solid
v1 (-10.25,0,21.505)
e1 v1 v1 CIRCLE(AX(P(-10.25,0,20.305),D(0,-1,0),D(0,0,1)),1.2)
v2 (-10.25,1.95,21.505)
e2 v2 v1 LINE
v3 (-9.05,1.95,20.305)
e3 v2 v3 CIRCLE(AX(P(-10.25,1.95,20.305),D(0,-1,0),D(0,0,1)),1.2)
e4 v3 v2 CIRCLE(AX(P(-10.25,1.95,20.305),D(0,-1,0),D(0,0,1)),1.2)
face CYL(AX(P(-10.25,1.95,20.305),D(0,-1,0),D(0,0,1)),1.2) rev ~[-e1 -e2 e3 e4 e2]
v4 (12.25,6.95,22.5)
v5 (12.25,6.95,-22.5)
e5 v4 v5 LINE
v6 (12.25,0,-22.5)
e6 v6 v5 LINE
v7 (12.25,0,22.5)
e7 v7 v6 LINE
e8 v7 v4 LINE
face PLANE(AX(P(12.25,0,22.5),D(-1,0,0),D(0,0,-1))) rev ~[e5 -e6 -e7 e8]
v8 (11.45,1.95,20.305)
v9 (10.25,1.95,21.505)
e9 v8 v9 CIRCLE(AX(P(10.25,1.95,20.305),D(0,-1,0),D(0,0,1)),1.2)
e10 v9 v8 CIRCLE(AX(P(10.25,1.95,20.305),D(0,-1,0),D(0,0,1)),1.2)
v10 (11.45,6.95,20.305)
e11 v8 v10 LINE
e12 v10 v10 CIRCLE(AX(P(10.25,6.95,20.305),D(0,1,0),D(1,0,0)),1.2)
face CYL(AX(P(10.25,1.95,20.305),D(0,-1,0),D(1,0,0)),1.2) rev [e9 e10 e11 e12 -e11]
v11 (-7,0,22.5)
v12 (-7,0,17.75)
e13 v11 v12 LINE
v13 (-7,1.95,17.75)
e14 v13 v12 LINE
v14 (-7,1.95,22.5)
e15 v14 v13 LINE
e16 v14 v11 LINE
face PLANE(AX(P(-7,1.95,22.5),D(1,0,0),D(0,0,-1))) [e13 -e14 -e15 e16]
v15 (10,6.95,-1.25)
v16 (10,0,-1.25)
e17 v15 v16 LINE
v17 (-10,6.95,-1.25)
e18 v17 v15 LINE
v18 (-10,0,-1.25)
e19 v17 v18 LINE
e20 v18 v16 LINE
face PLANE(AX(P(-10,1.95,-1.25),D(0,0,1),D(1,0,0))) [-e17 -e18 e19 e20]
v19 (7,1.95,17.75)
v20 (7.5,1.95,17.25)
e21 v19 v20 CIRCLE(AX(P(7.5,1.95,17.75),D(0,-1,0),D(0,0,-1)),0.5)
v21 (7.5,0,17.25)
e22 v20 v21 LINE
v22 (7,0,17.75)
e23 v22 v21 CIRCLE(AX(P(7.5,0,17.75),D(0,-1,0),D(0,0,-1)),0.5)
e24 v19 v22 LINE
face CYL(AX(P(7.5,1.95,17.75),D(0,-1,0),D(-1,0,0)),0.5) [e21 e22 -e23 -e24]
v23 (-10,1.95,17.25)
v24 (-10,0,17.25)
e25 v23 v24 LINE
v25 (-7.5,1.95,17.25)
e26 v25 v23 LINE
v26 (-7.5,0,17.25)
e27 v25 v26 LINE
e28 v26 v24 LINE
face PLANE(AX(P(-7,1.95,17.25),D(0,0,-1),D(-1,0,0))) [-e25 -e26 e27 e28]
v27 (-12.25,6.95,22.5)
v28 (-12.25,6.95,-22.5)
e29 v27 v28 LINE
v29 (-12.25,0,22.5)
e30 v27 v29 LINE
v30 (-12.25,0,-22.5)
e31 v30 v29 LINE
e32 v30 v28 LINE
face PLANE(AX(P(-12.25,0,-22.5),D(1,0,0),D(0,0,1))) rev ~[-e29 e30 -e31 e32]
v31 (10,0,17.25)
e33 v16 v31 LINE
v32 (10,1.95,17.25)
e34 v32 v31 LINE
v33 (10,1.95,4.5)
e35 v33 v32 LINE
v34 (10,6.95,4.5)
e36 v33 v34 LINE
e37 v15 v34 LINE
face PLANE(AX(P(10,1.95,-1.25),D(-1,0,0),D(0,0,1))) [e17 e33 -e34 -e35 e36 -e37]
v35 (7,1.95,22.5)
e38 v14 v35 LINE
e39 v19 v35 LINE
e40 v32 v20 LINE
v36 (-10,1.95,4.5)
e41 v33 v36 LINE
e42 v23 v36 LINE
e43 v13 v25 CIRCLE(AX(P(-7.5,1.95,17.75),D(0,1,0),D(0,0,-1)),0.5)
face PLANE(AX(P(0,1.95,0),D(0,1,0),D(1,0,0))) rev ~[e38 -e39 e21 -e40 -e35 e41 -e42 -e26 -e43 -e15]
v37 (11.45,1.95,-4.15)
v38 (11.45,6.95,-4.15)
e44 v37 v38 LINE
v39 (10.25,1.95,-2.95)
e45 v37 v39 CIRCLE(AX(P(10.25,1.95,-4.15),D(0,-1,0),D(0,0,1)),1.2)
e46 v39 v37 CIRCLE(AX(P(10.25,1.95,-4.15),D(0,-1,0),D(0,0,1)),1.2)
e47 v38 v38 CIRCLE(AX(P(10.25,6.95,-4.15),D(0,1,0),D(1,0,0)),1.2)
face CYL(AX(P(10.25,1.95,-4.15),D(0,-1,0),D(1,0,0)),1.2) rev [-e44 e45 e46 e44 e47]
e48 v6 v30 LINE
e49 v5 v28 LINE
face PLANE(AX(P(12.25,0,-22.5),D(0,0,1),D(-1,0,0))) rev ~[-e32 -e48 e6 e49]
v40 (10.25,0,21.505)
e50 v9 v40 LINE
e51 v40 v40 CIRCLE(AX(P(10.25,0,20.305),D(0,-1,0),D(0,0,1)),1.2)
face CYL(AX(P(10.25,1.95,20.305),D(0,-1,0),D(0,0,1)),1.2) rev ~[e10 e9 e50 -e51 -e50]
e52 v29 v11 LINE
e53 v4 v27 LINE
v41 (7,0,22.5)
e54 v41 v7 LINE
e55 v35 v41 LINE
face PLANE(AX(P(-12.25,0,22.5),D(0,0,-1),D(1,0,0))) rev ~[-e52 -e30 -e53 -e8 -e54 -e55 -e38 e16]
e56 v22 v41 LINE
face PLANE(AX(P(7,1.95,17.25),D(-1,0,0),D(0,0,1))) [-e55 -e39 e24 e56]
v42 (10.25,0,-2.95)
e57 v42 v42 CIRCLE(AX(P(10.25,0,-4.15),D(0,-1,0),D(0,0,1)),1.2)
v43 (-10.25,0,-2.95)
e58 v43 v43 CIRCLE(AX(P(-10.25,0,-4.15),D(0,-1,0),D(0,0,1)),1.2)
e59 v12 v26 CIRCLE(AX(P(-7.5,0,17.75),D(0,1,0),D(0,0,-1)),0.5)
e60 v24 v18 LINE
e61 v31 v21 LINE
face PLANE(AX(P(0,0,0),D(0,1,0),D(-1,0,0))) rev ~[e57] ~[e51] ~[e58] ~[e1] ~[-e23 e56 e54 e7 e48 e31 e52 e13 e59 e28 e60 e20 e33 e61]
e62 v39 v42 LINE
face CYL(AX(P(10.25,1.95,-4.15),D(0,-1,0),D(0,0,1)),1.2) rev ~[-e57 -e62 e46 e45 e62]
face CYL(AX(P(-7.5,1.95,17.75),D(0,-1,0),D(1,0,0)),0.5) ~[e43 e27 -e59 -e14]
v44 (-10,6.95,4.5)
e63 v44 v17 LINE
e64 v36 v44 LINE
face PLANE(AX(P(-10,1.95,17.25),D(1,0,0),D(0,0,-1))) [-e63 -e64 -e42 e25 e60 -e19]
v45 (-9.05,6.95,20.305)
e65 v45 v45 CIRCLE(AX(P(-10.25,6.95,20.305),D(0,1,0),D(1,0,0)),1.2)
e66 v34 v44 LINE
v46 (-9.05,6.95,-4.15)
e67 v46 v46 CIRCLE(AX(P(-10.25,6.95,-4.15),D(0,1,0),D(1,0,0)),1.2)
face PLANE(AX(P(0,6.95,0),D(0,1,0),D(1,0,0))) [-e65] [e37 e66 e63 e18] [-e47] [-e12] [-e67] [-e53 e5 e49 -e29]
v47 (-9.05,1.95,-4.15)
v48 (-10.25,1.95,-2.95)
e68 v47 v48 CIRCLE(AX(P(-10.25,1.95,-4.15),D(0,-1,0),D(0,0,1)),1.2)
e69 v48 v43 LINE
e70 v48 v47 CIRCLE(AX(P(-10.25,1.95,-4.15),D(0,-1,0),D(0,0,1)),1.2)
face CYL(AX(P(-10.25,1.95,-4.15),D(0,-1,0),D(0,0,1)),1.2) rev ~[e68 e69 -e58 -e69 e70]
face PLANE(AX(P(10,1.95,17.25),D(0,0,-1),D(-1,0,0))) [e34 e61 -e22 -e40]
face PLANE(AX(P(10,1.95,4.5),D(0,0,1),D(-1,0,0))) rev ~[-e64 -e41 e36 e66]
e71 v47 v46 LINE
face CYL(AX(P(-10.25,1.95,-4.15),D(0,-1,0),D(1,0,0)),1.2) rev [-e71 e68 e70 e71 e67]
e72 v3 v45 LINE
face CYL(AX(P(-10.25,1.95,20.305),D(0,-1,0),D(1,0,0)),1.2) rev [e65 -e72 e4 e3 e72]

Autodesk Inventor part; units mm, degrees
ref_plane "YZ Plane" through (0, 0, 0) normal (1, 0, 0) x (0, 1, 0)
ref_plane "XZ Plane" through (0, 0, 0) normal (0, 1, 0) x (-1, 0, 0)
ref_plane "XY Plane" through (0, 0, 0) normal (0, 0, 1) x (1, 0, 0)
sketch "Sketch1" plane through (0, 0, 0) normal (0, 1, 0) x (-1, 0, 0)
  line L0 (12.25, 22.5) -> (-12.25, 22.5)
  line L1 (-12.25, 22.5) -> (-12.25, -22.5)
  line L2 (-12.25, -22.5) -> (12.25, -22.5)
  line L3 (12.25, -22.5) -> (12.25, 22.5)
  point P0 (0, 0)
  point P1 (12.25, 0)
  point P2 (0, 22.5)
  dimension "d0" = 24.5
  dimension "d1" = 45
extrude "Extrusion1" add sketch "Sketch1" along normal blind 1.95
sketch "Sketch2" plane through (0, 1.95, 0) normal (0, 1, 0) x (1, 0, 0)
  line L0 (-10, 1.25) -> (10, 1.25)
  line L1 (10, 1.25) -> (10, -17.25)
  line L2 (10, -17.25) -> (-10, -17.25)
  line L3 (-10, -17.25) -> (-10, 1.25)
  line L4 (-12.25, -22.5) -> (12.25, -22.5) projected
  line L5 (12.25, -22.5) -> (12.25, 22.5) projected
  line L6 (12.25, 22.5) -> (-12.25, 22.5) projected
  line L7 (-12.25, 22.5) -> (-12.25, -22.5) projected
  line L8 (-7, -17.25) -> (7, -17.25)
  line L9 (7, -17.25) -> (7, -22.5)
  line L10 (7, -22.5) -> (-7, -22.5)
  line L11 (-7, -22.5) -> (-7, -17.25)
  line L12 (-12.25, -22.5) -> (12.25, -22.5) projected
  point P0 (0, 0)
  dimension "d4" = 2.25
  dimension "d5" = 20
  dimension "d6" = 2.25
  dimension "d7" = 5.25
  dimension "d8" = 5.25
  dimension "d9" = 14
  dimension "d10" = 5.25
  dimension "d11" = 18.5
extrude "Extrusion2" cut sketch "Sketch2" against normal up to surface (1.95 mm away) contours L0 L1 L2 L3 | L2 L9 L4 L11
sketch "Sketch3" plane through (0, 1.95, 0) normal (0, 1, 0) x (1, 0, 0)
  line L0 (-7, -22.5) -> (-7, -17.25) projected
  line L1 (-7, -17.25) -> (-10, -17.25) projected
  line L2 (-10, -17.25) -> (-10, 1.25) projected
  line L3 (-10, 1.25) -> (10, 1.25) projected
  line L4 (10, 1.25) -> (10, -17.25) projected
  line L5 (10, -17.25) -> (7, -17.25) projected
  line L6 (7, -17.25) -> (7, -22.5) projected
  line L7 (7, -22.5) -> (12.25, -22.5) projected
  line L8 (12.25, -22.5) -> (12.25, 22.5) projected
  line L9 (12.25, 22.5) -> (-12.25, 22.5) projected
  line L10 (-12.25, 22.5) -> (-12.25, -22.5) projected
  line L11 (-12.25, -22.5) -> (-7, -22.5) projected
  point P0 (0, 0)
  point P1 (-10.25, -20.305)
  point P2 (10.25, -20.305)
  dimension "d14" = 20.5
  dimension "d15" = 2
  dimension "d16" = 2.195
  dimension "d17" = 2
hole "Hole1" at (-10.25, 1.95, 20.305) at (10.25, 1.95, 20.305) direction (0, -1, 0) diameter 2.4 end through all clearance for "Flat Head Machine Screw" size "M2" standard "Ansi Metric M Profile"
sketch "Sketch4" plane through (0, 1.95, 0) normal (0, 1, 0) x (1, 0, 0)
  circle A0 centre (-10.25, -20.305) radius 1.2 projected
  circle A1 centre (10.25, -20.305) radius 1.2 projected
  line L0 (-7, -22.5) -> (-7, -17.25) projected
  line L1 (-7, -17.25) -> (-10, -17.25) projected
  line L2 (-10, -17.25) -> (-10, 1.25) projected
  line L3 (-10, 1.25) -> (10, 1.25) projected
  line L4 (10, 1.25) -> (10, -17.25) projected
  line L5 (10, -17.25) -> (7, -17.25) projected
  line L6 (7, -17.25) -> (7, -22.5) projected
  line L7 (7, -22.5) -> (12.25, -22.5) projected
  line L8 (12.25, -22.5) -> (12.25, 22.5) projected
  line L9 (12.25, 22.5) -> (-12.25, 22.5) projected
  line L10 (-12.25, 22.5) -> (-12.25, -22.5) projected
  line L11 (-12.25, -22.5) -> (-7, -22.5) projected
  point P0 (0, 0)
  point P1 (-10.25, 4.15)
  point P2 (10.25, 4.15)
  dimension "d25" = 20.5
  dimension "d26" = 26.65
  dimension "d27" = 2
  dimension "d28" = 2
hole "Hole2" at (-10.25, 1.95, -4.15) at (10.25, 1.95, -4.15) direction (0, -1, 0) diameter 2.4 end through all clearance for "Flat Head Machine Screw" size "M2" standard "Ansi Metric M Profile"
fillet "Fillet1" radius 0.5 2 edges at (7, 0.975, 17.25) (-7, 0.975, 17.25)
sketch "Sketch5" plane through (0, 1.95, 0) normal (0, 1, 0) x (1, 0, 0)
  circle A0 centre (-10.25, 4.15) radius 1.2 projected
  circle A1 centre (10.25, 4.15) radius 1.2 projected
  circle A2 centre (-10.25, -20.305) radius 1.2 projected
  circle A3 centre (10.25, -20.305) radius 1.2 projected
  arc A4 (-7, -17.75) -> (-7.5, -17.25) centre (-7.5, -17.75) ccw projected
  line L0 (-7.5, -17.25) -> (-10, -17.25) projected
  line L1 (-10, -17.25) -> (-10, 1.25) projected
  line L2 (-10, 1.25) -> (10, 1.25) projected
  line L3 (10, 1.25) -> (10, -17.25) projected
  line L4 (10, -17.25) -> (7.5, -17.25) projected
  arc A5 (7.5, -17.25) -> (7, -17.75) centre (7.5, -17.75) ccw projected
  line L5 (7, -17.75) -> (7, -22.5) projected
  line L6 (7, -22.5) -> (12.25, -22.5) projected
  line L7 (12.25, -22.5) -> (12.25, 22.5) projected
  line L8 (12.25, 22.5) -> (-12.25, 22.5) projected
  line L9 (-12.25, 22.5) -> (-12.25, -22.5) projected
  line L10 (-12.25, -22.5) -> (-7, -22.5) projected
  line L11 (-7, -22.5) -> (-7, -17.75) projected
  line L12 (-12.25, 22.5) -> (-12.25, -22.5) projected
  line L13 (12.25, -22.5) -> (12.25, 22.5) projected
  line L14 (-12.25, -22.5) -> (12.25, -22.5)
  line L15 (12.25, -22.5) -> (12.25, -4.5)
  line L16 (12.25, -4.5) -> (10, -4.5)
  line L17 (-12.25, -4.5) -> (-12.25, -22.5)
  line L18 (-10, -4.5) -> (-12.25, -4.5)
  line L19 (10, -4.5) -> (-10, -4.5)
  point P0 (0, 0)
  dimension "d37" = 18
extrude "Extrusion3" add sketch "Sketch5" along normal blind 5 contours L11 L10 L9 L18 L1 L0 A4 | A4 L0 L1 L19 L3 L4 A5 L5 L14 L11 | L5 A5 L4 L3 L16 L7 L6 | L18 L9 L8 L7 L16 L3 L2 L1
equation "\"d4\" = d6"
equation "\"d8\" = d10"
equation "\"d15\" = d17"
equation "\"d27\" = d28"
properties part number "servotest"
